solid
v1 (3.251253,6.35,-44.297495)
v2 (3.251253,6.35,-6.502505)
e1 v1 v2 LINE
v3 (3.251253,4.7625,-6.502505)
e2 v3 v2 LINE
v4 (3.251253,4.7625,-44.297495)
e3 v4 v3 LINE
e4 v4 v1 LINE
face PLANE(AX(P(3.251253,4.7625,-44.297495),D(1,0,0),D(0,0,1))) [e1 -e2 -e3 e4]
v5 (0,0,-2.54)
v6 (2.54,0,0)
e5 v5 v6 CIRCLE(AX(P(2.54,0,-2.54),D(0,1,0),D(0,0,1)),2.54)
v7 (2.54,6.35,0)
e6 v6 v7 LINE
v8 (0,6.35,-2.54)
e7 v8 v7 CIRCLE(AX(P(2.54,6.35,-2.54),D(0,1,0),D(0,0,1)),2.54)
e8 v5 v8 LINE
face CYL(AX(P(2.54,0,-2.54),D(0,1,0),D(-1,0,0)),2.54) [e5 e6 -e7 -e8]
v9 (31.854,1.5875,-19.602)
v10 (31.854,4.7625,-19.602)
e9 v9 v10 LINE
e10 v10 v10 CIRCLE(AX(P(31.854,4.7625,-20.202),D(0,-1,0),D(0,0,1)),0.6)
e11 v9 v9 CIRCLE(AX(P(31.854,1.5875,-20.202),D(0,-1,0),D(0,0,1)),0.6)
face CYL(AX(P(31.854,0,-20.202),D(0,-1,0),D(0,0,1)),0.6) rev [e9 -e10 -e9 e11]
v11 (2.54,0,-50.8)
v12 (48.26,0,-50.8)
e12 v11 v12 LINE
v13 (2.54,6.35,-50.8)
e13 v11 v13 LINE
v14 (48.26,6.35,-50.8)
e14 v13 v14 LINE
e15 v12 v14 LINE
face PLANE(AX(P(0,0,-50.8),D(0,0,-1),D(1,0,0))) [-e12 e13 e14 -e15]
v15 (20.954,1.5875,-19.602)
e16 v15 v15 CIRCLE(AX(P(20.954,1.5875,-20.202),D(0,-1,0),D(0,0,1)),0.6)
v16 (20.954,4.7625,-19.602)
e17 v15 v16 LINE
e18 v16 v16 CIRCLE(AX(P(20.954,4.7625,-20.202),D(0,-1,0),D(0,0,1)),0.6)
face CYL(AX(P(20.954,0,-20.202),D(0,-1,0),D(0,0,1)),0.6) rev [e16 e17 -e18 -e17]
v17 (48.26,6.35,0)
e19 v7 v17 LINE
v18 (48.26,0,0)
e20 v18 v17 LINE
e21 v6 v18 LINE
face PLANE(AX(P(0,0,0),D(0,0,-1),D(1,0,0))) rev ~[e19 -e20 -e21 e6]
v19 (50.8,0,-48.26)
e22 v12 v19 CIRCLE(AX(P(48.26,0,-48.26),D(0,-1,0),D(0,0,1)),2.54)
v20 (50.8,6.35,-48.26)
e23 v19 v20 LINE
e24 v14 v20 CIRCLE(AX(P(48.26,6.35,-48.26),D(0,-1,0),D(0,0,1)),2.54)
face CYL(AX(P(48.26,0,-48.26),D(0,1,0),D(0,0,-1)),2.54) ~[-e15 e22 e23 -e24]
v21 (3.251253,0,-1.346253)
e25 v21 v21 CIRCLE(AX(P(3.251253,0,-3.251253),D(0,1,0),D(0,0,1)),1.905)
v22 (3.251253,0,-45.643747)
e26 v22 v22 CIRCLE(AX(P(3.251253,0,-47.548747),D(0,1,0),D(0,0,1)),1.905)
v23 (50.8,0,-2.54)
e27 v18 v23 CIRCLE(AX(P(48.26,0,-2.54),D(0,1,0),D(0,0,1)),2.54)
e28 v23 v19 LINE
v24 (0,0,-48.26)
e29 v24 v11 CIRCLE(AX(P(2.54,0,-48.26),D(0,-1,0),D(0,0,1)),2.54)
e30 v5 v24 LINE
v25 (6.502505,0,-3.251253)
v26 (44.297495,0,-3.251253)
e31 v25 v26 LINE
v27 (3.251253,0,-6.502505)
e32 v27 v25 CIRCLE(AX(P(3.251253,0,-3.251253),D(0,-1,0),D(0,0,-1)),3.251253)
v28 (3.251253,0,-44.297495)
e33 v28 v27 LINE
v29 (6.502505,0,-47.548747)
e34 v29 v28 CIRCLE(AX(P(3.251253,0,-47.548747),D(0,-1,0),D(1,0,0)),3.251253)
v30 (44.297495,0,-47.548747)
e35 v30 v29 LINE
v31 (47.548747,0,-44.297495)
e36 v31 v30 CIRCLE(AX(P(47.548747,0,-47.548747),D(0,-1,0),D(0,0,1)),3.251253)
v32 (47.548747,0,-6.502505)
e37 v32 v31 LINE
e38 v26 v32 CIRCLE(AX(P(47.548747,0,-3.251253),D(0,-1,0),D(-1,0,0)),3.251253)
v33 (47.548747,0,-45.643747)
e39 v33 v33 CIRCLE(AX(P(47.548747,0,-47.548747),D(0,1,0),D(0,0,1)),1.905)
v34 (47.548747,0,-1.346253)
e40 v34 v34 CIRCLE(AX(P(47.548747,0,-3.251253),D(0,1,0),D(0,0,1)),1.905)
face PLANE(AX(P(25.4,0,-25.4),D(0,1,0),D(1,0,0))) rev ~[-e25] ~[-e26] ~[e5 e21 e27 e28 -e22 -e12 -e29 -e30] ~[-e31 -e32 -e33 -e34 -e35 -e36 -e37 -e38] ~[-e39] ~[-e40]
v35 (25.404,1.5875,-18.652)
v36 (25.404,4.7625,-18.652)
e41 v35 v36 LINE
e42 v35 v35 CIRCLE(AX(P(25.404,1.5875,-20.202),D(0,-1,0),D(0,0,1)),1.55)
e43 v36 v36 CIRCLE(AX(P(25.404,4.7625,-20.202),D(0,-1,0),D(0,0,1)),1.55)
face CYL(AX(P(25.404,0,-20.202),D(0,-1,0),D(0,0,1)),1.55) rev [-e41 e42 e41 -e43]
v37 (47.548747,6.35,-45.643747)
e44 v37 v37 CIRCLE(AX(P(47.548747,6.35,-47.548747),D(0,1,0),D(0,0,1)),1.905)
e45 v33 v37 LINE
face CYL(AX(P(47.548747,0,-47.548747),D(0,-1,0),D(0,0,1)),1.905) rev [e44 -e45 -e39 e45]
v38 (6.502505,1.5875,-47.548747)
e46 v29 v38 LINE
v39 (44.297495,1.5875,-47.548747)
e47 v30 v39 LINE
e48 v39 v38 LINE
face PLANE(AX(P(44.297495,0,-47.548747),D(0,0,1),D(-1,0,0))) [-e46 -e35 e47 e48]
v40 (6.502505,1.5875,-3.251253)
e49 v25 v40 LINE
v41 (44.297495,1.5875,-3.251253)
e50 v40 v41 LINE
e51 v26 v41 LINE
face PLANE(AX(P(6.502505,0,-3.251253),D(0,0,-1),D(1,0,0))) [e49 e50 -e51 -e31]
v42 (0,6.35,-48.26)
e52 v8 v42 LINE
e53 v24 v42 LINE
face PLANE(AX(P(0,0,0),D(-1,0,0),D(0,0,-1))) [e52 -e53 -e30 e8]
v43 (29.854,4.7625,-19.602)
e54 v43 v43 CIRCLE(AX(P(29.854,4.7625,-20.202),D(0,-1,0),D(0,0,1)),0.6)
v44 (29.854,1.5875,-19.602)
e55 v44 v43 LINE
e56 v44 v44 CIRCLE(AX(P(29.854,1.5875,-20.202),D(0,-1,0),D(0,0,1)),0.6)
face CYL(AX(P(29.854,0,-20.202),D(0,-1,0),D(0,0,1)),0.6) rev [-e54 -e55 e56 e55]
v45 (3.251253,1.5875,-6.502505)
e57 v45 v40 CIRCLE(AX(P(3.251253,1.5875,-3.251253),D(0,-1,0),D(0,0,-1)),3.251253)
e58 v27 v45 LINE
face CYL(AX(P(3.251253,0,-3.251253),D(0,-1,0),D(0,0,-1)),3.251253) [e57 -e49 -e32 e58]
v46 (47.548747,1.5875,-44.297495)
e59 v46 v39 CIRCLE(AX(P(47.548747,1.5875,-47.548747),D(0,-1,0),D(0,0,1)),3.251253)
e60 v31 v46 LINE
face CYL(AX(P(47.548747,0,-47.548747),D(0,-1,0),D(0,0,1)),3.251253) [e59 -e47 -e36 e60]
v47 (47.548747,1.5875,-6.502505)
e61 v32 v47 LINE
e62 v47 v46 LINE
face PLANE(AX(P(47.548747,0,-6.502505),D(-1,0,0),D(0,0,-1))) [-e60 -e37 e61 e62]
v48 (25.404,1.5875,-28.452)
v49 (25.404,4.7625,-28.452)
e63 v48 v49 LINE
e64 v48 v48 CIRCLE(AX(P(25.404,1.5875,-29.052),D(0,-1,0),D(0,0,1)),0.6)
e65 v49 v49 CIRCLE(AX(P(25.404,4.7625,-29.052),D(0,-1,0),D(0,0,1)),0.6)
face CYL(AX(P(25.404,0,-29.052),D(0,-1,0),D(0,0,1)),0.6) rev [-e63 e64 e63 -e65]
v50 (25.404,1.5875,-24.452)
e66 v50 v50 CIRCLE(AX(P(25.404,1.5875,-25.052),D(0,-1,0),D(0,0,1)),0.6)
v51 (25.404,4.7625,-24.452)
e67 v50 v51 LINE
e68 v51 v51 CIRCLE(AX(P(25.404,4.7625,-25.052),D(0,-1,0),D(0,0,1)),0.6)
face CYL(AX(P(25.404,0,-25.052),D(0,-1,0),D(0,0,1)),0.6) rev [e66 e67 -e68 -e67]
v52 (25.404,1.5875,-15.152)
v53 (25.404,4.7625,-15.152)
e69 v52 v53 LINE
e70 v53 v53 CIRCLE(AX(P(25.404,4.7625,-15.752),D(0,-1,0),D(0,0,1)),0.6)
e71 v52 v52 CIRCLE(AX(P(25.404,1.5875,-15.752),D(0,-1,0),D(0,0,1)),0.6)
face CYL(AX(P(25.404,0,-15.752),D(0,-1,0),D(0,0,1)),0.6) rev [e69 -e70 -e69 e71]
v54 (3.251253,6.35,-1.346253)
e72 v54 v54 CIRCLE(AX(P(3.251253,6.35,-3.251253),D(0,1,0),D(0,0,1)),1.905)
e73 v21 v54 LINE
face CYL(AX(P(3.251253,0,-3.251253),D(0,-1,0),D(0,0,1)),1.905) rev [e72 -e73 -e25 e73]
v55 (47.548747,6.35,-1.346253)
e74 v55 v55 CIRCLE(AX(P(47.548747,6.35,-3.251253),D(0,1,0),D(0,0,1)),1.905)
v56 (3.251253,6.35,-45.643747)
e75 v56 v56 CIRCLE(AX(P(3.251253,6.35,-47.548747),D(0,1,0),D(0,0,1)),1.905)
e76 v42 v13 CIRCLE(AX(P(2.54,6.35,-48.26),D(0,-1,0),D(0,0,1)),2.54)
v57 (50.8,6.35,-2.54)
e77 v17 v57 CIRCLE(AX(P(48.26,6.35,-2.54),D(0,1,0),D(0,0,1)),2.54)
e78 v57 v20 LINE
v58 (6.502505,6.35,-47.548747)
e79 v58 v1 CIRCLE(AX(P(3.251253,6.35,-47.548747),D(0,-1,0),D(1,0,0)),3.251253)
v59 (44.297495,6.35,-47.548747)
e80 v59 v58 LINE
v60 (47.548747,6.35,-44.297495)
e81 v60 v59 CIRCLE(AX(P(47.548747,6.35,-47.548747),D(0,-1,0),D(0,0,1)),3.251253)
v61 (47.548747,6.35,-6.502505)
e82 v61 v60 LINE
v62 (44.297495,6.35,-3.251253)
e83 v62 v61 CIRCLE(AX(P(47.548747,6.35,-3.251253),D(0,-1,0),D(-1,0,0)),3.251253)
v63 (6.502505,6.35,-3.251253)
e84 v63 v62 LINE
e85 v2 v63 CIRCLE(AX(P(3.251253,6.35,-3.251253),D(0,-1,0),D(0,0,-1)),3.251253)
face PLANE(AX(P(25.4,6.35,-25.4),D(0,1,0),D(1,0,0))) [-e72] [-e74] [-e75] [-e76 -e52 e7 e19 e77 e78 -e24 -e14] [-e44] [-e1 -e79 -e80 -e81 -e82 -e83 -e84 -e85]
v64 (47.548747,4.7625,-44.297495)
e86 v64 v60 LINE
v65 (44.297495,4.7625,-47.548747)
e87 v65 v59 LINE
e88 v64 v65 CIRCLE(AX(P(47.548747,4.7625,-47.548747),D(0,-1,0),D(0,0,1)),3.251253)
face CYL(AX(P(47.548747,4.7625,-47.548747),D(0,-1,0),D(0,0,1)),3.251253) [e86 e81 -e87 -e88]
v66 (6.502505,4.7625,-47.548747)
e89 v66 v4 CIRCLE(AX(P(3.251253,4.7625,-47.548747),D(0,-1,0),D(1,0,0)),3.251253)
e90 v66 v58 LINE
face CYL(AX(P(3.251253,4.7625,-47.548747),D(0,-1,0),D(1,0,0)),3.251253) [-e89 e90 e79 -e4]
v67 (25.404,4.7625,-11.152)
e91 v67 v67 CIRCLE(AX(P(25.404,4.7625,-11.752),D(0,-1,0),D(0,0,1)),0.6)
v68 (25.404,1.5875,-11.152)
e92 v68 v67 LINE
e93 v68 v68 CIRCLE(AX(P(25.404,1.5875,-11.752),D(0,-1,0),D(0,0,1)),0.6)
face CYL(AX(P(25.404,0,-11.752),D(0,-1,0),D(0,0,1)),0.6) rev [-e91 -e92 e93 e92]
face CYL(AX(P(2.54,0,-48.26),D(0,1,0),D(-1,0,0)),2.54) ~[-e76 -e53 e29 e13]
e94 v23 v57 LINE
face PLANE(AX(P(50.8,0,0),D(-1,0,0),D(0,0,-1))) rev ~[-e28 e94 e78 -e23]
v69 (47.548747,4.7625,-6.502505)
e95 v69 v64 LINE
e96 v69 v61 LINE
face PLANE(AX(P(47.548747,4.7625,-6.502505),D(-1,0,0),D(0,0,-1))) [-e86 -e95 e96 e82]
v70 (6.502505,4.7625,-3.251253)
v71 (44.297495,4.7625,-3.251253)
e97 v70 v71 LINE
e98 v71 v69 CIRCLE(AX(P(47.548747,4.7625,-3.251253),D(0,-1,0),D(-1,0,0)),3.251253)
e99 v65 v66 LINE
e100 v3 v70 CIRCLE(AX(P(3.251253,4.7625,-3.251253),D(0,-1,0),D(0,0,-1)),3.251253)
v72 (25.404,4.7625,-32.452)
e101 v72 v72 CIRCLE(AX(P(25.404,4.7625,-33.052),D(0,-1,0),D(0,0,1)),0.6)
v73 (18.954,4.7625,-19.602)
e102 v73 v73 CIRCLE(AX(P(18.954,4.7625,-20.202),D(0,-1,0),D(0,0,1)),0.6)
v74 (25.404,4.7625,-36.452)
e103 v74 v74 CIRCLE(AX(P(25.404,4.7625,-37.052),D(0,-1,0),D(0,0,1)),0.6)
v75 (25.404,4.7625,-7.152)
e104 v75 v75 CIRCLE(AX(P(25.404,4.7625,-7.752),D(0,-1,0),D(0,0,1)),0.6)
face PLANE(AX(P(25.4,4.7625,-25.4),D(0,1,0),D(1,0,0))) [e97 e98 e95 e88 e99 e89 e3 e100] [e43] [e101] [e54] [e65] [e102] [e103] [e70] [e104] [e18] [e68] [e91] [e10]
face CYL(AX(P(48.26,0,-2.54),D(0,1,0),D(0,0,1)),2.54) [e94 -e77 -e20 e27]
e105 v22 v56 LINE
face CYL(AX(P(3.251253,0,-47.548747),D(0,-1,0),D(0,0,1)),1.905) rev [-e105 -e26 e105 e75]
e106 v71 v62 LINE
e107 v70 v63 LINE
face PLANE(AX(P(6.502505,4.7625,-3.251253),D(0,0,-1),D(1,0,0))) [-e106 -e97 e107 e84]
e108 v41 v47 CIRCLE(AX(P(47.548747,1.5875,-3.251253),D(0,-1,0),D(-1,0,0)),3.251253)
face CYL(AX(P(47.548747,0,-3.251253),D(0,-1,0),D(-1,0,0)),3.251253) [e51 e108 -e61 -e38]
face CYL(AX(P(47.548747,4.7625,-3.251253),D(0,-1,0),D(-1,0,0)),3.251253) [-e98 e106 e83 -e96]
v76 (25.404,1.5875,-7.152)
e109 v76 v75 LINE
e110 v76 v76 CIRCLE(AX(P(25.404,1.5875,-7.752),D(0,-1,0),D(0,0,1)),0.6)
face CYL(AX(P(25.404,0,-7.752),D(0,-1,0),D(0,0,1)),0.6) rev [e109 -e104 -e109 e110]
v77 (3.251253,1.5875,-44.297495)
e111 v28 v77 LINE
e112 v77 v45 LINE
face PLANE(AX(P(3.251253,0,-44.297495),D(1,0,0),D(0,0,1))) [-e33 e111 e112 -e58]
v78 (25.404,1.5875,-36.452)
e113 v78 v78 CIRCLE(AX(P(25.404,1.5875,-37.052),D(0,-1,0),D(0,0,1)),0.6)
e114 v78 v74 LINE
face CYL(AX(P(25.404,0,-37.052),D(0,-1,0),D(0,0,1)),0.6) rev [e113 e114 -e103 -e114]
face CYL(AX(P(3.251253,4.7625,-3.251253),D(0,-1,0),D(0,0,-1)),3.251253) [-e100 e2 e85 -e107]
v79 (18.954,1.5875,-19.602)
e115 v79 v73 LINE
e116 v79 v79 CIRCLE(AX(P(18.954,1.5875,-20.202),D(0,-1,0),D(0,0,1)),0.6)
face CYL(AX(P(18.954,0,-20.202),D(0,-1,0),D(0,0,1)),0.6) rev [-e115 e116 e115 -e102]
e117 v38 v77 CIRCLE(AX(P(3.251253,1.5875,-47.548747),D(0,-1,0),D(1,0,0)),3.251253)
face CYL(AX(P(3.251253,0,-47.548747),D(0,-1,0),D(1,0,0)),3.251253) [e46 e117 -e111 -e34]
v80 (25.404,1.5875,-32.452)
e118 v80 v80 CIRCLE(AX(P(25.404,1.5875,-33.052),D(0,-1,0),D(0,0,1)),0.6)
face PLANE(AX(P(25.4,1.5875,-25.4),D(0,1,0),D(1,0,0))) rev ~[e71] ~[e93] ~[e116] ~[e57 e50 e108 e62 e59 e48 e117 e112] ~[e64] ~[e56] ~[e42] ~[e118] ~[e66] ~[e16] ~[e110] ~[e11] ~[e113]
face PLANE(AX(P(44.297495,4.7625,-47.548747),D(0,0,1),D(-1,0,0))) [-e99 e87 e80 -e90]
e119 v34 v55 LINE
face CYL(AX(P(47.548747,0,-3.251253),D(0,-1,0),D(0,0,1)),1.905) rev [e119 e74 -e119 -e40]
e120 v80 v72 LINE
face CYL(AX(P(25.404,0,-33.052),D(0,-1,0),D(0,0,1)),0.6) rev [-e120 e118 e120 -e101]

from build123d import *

# Parameters (mm, degrees)
SKETCH1_W           = 50.8
SKETCH1_H           = 50.8
SKETCH1_R           = 1.905
SKETCH1_R_2         = 0.6
SKETCH1_R_3         = 1.55
BOSS_EXTRUDE1_DEPTH = 6.35
CUT_EXTRUDE1_DEPTH  = 1.5875
CUT_EXTRUDE2_START  = 4.7625
CUT_EXTRUDE2_DEPTH  = 1.5875
FILLET1_R           = 2.54


with BuildPart() as part:
    # Sketch1 → Boss-Extrude1 (new body)
    with BuildSketch(Plane(origin=(0, 0, 0), x_dir=(1, 0, 0), z_dir=(0, 1, 0))):
        with Locations((25.4, 25.4)):
            Rectangle(SKETCH1_W, SKETCH1_H)
        with Locations(Location((3.251252547, 47.548747453, 0), (0, 0, 270))):
            Circle(SKETCH1_R, mode=Mode.SUBTRACT)
        with Locations(Location((3.251252547, 3.251252547, 0), (0, 0, 270))):
            Circle(SKETCH1_R, mode=Mode.SUBTRACT)
        with Locations(Location((47.548747453, 3.251252547, 0), (0, 0, 270))):
            Circle(SKETCH1_R, mode=Mode.SUBTRACT)
        with Locations(Location((47.548747453, 47.548747453, 0), (0, 0, 270))):
            Circle(SKETCH1_R, mode=Mode.SUBTRACT)
        with Locations(Location((25.404, 11.752, 0), (0, 0, 270))):
            Circle(SKETCH1_R_2, mode=Mode.SUBTRACT)
        with Locations(Location((18.954, 20.202, 0), (0, 0, 270))):
            Circle(SKETCH1_R_2, mode=Mode.SUBTRACT)
        with Locations(Location((20.954, 20.202, 0), (0, 0, 270))):
            Circle(SKETCH1_R_2, mode=Mode.SUBTRACT)
        with Locations(Location((31.854, 20.202, 0), (0, 0, 270))):
            Circle(SKETCH1_R_2, mode=Mode.SUBTRACT)
        with Locations(Location((29.854, 20.202, 0), (0, 0, 270))):
            Circle(SKETCH1_R_2, mode=Mode.SUBTRACT)
        with Locations(Location((25.404, 37.052, 0), (0, 0, 270))):
            Circle(SKETCH1_R_2, mode=Mode.SUBTRACT)
        with Locations(Location((25.404, 33.052, 0), (0, 0, 270))):
            Circle(SKETCH1_R_2, mode=Mode.SUBTRACT)
        with Locations(Location((25.404, 29.052, 0), (0, 0, 270))):
            Circle(SKETCH1_R_2, mode=Mode.SUBTRACT)
        with Locations(Location((25.404, 25.052, 0), (0, 0, 270))):
            Circle(SKETCH1_R_2, mode=Mode.SUBTRACT)
        with Locations(Location((25.404, 7.752, 0), (0, 0, 270))):
            Circle(SKETCH1_R_2, mode=Mode.SUBTRACT)
        with Locations(Location((25.404, 15.752, 0), (0, 0, 270))):
            Circle(SKETCH1_R_2, mode=Mode.SUBTRACT)
        with Locations(Location((25.404, 20.202, 0), (0, 0, 270))):
            Circle(SKETCH1_R_3, mode=Mode.SUBTRACT)
    extrude(amount=BOSS_EXTRUDE1_DEPTH)

    # Sketch2 → Cut-Extrude1 (cut)
    with BuildSketch(Plane(origin=(0, 0, 0), x_dir=(1, 0, 0), z_dir=(0, 1, 0))):
        with BuildLine():
            ThreePointArc((6.502505094, 47.548747453), (5.55023527, 45.24976473), (3.251252547, 44.297494906))
            Line((3.251252547, 44.297494906), (3.251252547, 6.502505094))
            ThreePointArc((3.251252547, 6.502505094), (5.55023527, 5.55023527), (6.502505094, 3.251252547))
            Line((6.502505094, 3.251252547), (44.297494906, 3.251252547))
            ThreePointArc((44.297494906, 3.251252547), (45.24976473, 5.55023527), (47.548747453, 6.502505094))
            Line((47.548747453, 6.502505094), (47.548747453, 44.297494906))
            ThreePointArc((47.548747453, 44.297494906), (45.24976473, 45.24976473), (44.297494906, 47.548747453))
            Line((44.297494906, 47.548747453), (6.502505094, 47.548747453))
        make_face()
    extrude(amount=CUT_EXTRUDE1_DEPTH, mode=Mode.SUBTRACT)

    # Sketch3 → Cut-Extrude2 (cut)
    with BuildSketch(Plane(origin=(0, 0, 0), x_dir=(1, 0, 0), z_dir=(0, 1, 0)).offset(CUT_EXTRUDE2_START)):
        with BuildLine():
            ThreePointArc((6.502505094, 47.548747453), (5.55023527, 45.24976473), (3.251252547, 44.297494906))
            Line((3.251252547, 44.297494906), (3.251252547, 6.502505094))
            ThreePointArc((3.251252547, 6.502505094), (5.55023527, 5.55023527), (6.502505094, 3.251252547))
            Line((6.502505094, 3.251252547), (44.297494906, 3.251252547))
            ThreePointArc((44.297494906, 3.251252547), (45.24976473, 5.55023527), (47.548747453, 6.502505094))
            Line((47.548747453, 6.502505094), (47.548747453, 44.297494906))
            ThreePointArc((47.548747453, 44.297494906), (45.24976473, 45.24976473), (44.297494906, 47.548747453))
            Line((44.297494906, 47.548747453), (6.502505094, 47.548747453))
        make_face()
    extrude(amount=CUT_EXTRUDE2_DEPTH, mode=Mode.SUBTRACT)

    # Fillet1
    fillet1_edges = [part.edges().sort_by_distance(p)[0] for p in [
        (50.8, 3.175, -50.8),
        (50.8, 3.175, 0),
        (0, 3.175, 0),
        (0, 3.175, -50.8),
    ]]
    fillet(fillet1_edges, radius=FILLET1_R)


solid = part.part
